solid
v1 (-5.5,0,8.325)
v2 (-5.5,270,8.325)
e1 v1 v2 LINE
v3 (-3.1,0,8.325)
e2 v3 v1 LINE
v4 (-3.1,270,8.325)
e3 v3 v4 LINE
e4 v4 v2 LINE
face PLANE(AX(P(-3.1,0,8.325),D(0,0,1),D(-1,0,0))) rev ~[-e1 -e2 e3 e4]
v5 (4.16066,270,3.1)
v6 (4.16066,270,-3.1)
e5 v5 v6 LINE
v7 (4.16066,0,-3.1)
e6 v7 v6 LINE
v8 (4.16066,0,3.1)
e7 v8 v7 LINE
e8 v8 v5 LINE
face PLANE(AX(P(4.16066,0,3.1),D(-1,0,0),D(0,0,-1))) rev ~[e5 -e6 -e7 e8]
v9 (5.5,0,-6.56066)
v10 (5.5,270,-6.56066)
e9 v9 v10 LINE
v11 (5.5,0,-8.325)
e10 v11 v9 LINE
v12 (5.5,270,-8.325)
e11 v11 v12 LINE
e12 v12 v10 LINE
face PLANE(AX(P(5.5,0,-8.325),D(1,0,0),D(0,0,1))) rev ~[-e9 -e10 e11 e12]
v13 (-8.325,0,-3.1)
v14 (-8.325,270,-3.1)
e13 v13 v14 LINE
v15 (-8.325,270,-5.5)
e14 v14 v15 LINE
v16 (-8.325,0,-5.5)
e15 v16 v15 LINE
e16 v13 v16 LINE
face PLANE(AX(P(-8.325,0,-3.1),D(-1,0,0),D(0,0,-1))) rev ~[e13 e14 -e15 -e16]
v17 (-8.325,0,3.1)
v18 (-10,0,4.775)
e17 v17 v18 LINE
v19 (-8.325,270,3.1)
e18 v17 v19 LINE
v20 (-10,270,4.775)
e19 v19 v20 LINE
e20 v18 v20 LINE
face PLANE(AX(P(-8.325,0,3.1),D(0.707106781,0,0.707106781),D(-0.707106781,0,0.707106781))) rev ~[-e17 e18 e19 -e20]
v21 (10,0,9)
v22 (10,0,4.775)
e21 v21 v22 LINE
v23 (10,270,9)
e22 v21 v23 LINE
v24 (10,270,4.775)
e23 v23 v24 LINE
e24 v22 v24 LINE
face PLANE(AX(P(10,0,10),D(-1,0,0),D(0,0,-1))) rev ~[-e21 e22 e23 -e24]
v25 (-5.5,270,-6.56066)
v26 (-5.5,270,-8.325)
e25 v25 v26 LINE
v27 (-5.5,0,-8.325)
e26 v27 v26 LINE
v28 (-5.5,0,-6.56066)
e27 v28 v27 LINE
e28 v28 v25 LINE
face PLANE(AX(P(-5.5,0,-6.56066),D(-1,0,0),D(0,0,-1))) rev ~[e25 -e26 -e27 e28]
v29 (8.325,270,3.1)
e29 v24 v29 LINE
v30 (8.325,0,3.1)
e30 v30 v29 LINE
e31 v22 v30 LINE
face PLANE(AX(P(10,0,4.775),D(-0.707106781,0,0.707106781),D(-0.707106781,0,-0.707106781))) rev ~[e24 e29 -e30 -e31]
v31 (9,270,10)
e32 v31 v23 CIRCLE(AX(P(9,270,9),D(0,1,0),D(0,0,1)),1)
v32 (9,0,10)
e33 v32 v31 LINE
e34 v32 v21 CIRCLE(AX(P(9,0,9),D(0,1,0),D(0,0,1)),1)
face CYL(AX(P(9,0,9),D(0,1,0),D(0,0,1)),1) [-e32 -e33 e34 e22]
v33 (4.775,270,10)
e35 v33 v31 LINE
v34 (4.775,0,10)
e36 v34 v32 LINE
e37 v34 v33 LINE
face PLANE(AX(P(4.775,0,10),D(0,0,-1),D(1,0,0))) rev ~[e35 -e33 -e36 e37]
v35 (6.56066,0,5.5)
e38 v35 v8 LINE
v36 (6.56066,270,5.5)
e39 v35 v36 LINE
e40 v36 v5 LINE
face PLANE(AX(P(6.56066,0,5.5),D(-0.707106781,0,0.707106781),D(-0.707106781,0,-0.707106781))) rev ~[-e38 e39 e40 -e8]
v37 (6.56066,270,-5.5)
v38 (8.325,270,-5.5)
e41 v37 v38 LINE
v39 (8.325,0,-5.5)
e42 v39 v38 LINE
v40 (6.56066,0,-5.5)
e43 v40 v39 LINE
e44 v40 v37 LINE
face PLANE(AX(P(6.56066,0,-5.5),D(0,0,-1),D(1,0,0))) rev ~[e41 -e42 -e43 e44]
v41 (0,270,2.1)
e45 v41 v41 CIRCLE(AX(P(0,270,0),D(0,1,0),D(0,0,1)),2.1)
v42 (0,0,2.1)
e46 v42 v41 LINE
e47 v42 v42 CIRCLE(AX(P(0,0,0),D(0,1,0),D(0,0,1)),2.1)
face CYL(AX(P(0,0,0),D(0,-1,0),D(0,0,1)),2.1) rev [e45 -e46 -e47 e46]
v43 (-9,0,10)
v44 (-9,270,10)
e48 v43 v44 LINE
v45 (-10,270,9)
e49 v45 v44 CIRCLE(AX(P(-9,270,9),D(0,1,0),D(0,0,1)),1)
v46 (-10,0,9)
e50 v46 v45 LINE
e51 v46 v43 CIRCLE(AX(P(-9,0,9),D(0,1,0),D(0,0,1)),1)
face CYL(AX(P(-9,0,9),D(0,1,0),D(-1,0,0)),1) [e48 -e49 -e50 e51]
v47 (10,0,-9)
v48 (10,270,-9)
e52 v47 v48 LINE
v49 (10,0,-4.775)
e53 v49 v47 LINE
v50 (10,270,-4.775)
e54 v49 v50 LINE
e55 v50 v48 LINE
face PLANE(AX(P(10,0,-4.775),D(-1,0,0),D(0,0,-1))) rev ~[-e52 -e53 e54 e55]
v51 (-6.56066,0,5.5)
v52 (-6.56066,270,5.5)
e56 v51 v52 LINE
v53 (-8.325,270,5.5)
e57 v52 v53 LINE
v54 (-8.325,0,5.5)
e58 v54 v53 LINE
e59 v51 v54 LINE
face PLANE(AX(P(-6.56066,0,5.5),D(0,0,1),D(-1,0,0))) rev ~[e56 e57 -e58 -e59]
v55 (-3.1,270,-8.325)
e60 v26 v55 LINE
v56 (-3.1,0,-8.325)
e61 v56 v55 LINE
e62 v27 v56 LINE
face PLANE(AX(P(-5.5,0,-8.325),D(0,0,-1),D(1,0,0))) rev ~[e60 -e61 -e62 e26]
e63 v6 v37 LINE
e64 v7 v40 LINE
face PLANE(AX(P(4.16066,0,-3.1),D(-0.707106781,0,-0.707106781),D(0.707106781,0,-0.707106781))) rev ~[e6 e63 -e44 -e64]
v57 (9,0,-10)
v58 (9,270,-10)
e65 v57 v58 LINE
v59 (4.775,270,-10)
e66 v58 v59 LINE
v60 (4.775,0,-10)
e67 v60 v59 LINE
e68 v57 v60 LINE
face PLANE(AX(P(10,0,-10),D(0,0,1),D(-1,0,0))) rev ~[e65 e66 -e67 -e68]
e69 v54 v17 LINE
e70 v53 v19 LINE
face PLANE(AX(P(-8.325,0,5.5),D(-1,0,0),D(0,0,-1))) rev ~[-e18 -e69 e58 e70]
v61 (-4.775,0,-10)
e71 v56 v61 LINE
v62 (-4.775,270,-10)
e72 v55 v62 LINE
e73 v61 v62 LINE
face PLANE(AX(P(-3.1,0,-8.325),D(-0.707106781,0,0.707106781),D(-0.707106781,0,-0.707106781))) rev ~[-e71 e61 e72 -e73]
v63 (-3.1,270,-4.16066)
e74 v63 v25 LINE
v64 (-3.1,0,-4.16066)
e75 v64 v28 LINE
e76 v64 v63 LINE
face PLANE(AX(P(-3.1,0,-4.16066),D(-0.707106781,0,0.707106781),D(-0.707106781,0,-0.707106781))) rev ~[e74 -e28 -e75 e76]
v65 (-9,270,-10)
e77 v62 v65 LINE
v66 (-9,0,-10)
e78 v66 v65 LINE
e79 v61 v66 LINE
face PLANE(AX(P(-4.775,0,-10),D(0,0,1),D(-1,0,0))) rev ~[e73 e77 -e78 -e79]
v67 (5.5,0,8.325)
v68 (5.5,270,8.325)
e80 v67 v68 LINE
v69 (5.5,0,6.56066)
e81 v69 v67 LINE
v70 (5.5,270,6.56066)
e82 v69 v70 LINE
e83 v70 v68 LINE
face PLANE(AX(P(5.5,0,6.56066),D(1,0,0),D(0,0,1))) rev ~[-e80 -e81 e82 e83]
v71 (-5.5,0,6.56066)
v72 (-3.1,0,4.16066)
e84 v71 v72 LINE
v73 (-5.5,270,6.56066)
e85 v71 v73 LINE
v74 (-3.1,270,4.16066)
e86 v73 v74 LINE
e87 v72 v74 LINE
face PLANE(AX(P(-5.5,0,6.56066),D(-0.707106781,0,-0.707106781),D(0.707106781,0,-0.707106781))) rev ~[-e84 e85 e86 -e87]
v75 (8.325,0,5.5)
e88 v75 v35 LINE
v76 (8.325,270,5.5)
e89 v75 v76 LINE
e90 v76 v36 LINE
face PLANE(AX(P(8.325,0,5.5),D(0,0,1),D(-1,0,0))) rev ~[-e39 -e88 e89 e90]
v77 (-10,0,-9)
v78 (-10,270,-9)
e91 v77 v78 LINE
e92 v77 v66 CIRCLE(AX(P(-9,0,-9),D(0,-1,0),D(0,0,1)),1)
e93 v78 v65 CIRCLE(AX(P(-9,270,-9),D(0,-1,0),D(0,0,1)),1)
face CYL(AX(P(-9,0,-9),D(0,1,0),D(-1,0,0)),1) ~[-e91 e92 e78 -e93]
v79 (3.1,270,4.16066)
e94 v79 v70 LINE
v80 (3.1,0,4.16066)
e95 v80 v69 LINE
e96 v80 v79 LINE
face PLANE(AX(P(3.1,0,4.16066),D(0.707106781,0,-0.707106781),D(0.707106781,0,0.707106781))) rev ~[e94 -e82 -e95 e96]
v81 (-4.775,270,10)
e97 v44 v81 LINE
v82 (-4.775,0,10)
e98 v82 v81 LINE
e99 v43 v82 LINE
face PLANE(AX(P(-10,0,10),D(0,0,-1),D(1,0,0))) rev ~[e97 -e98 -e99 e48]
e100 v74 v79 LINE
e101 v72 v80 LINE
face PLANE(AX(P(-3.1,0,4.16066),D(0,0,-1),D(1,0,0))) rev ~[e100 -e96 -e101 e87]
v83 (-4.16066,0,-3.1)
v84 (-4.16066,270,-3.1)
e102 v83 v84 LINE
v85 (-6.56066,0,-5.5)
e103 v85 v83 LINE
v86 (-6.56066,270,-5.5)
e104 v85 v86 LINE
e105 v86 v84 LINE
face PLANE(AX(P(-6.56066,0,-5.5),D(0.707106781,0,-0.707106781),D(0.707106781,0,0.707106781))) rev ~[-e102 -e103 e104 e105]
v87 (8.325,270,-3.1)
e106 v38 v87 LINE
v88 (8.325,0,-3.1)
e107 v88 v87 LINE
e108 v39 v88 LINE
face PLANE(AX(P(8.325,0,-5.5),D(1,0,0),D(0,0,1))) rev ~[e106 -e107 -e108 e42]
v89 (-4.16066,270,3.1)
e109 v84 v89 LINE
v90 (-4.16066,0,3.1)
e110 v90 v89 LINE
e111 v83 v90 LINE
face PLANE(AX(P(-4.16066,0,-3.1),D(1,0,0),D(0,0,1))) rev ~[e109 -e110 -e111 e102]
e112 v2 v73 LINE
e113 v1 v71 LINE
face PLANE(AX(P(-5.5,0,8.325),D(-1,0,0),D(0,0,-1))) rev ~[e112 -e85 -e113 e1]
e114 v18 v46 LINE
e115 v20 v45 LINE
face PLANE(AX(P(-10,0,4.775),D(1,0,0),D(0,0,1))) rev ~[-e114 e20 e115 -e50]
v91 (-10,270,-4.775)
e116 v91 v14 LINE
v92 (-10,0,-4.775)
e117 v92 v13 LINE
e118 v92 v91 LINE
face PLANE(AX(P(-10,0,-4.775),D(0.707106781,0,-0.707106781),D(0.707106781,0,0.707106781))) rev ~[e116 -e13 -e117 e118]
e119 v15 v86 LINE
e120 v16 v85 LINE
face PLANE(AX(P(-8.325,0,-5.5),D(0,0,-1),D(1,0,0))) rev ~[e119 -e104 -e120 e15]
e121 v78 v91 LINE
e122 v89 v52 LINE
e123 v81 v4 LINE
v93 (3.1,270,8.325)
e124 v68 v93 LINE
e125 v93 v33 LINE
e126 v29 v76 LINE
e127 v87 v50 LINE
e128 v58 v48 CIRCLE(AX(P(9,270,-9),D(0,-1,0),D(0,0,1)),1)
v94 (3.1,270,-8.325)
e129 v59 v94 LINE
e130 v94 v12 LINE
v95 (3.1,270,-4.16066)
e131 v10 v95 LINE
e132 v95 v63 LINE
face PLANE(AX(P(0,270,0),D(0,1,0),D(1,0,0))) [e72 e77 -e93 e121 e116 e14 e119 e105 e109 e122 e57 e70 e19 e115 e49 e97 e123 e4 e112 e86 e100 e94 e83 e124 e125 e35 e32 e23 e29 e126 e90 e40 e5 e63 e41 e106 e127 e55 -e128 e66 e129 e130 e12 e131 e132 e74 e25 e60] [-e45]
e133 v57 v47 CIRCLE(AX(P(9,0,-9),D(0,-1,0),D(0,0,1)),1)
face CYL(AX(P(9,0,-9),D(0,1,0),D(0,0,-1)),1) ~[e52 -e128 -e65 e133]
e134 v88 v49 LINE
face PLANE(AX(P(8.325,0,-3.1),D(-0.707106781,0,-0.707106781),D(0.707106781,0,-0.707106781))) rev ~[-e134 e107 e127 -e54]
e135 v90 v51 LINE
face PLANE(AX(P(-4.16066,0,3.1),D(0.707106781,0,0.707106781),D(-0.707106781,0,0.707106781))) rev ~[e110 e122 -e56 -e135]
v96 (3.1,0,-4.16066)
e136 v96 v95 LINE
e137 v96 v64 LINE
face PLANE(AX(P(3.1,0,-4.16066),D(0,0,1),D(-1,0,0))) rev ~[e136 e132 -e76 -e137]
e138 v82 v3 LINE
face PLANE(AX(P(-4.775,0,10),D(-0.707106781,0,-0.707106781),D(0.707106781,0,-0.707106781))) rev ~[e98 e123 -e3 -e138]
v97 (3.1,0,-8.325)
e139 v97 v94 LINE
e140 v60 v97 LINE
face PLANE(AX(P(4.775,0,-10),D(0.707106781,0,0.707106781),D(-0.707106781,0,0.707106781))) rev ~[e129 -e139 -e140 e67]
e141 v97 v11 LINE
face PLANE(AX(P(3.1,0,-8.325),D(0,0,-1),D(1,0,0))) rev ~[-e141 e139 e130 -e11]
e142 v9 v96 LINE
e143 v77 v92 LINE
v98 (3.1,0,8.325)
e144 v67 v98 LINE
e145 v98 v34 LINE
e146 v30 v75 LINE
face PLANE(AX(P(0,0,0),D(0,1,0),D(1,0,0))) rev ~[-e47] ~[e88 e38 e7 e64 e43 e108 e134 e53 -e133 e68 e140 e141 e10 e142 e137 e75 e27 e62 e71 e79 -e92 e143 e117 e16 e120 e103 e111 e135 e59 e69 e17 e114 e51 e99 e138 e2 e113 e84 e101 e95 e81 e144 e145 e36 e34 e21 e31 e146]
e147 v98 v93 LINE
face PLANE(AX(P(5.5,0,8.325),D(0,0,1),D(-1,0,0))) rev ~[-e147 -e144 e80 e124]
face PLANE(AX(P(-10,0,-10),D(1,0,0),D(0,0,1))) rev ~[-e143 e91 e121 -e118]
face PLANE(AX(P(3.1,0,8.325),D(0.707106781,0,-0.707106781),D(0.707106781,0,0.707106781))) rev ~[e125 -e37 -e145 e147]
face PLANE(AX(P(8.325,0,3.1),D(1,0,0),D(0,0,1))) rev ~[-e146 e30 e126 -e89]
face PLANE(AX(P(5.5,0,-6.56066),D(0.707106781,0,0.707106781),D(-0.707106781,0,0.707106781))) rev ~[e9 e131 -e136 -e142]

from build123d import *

# Parameters (mm, degrees)
MASTERLAYOUTSKETCH_R = 2.1
MAIN_EXTRUSION_DEPTH = 270
EDGE_FILLETS_R       = 1


with BuildPart() as part:
    # MasterLayoutSketch → Main Extrusion (new body)
    with BuildSketch(Plane(origin=(0, 0, 0), x_dir=(1, 0, 0), z_dir=(0, 1, 0))):
        Polygon((-8.325, 3.1), (-8.325, 5.5), (-6.560660172, 5.5), (-4.160660172, 3.1), (-4.160660172, -3.1), (-6.560660172, -5.5), (-8.325, -5.5), (-8.325, -3.1), (-10, -4.775), (-10, -10), (-4.775, -10), (-3.1, -8.325), (-5.5, -8.325), (-5.5, -6.560660172), (-3.1, -4.160660172), (3.1, -4.160660172), (5.5, -6.560660172), (5.5, -8.325), (3.1, -8.325), (4.775, -10), (10, -10), (10, -4.775), (8.325, -3.1), (8.325, -5.5), (6.560660172, -5.5), (4.160660172, -3.1), (4.160660172, 3.1), (6.560660172, 5.5), (8.325, 5.5), (8.325, 3.1), (10, 4.775), (10, 10), (4.775, 10), (3.1, 8.325), (5.5, 8.325), (5.5, 6.560660172), (3.1, 4.160660172), (-3.1, 4.160660172), (-5.5, 6.560660172), (-5.5, 8.325), (-3.1, 8.325), (-4.775, 10), (-10, 10), (-10, 4.775), align=None)
        with Locations(Location((0, 0, 0), (0, 0, 270))):
            Circle(MASTERLAYOUTSKETCH_R, mode=Mode.SUBTRACT)
    extrude(amount=MAIN_EXTRUSION_DEPTH)

    # Edge Fillets
    edge_fillets_edges = [part.edges().sort_by_distance(p)[0] for p in [
        (10, 135, -10),
        (10, 135, 10),
        (-10, 135, 10),
        (-10, 135, -10),
    ]]
    fillet(edge_fillets_edges, radius=EDGE_FILLETS_R)


solid = part.part
